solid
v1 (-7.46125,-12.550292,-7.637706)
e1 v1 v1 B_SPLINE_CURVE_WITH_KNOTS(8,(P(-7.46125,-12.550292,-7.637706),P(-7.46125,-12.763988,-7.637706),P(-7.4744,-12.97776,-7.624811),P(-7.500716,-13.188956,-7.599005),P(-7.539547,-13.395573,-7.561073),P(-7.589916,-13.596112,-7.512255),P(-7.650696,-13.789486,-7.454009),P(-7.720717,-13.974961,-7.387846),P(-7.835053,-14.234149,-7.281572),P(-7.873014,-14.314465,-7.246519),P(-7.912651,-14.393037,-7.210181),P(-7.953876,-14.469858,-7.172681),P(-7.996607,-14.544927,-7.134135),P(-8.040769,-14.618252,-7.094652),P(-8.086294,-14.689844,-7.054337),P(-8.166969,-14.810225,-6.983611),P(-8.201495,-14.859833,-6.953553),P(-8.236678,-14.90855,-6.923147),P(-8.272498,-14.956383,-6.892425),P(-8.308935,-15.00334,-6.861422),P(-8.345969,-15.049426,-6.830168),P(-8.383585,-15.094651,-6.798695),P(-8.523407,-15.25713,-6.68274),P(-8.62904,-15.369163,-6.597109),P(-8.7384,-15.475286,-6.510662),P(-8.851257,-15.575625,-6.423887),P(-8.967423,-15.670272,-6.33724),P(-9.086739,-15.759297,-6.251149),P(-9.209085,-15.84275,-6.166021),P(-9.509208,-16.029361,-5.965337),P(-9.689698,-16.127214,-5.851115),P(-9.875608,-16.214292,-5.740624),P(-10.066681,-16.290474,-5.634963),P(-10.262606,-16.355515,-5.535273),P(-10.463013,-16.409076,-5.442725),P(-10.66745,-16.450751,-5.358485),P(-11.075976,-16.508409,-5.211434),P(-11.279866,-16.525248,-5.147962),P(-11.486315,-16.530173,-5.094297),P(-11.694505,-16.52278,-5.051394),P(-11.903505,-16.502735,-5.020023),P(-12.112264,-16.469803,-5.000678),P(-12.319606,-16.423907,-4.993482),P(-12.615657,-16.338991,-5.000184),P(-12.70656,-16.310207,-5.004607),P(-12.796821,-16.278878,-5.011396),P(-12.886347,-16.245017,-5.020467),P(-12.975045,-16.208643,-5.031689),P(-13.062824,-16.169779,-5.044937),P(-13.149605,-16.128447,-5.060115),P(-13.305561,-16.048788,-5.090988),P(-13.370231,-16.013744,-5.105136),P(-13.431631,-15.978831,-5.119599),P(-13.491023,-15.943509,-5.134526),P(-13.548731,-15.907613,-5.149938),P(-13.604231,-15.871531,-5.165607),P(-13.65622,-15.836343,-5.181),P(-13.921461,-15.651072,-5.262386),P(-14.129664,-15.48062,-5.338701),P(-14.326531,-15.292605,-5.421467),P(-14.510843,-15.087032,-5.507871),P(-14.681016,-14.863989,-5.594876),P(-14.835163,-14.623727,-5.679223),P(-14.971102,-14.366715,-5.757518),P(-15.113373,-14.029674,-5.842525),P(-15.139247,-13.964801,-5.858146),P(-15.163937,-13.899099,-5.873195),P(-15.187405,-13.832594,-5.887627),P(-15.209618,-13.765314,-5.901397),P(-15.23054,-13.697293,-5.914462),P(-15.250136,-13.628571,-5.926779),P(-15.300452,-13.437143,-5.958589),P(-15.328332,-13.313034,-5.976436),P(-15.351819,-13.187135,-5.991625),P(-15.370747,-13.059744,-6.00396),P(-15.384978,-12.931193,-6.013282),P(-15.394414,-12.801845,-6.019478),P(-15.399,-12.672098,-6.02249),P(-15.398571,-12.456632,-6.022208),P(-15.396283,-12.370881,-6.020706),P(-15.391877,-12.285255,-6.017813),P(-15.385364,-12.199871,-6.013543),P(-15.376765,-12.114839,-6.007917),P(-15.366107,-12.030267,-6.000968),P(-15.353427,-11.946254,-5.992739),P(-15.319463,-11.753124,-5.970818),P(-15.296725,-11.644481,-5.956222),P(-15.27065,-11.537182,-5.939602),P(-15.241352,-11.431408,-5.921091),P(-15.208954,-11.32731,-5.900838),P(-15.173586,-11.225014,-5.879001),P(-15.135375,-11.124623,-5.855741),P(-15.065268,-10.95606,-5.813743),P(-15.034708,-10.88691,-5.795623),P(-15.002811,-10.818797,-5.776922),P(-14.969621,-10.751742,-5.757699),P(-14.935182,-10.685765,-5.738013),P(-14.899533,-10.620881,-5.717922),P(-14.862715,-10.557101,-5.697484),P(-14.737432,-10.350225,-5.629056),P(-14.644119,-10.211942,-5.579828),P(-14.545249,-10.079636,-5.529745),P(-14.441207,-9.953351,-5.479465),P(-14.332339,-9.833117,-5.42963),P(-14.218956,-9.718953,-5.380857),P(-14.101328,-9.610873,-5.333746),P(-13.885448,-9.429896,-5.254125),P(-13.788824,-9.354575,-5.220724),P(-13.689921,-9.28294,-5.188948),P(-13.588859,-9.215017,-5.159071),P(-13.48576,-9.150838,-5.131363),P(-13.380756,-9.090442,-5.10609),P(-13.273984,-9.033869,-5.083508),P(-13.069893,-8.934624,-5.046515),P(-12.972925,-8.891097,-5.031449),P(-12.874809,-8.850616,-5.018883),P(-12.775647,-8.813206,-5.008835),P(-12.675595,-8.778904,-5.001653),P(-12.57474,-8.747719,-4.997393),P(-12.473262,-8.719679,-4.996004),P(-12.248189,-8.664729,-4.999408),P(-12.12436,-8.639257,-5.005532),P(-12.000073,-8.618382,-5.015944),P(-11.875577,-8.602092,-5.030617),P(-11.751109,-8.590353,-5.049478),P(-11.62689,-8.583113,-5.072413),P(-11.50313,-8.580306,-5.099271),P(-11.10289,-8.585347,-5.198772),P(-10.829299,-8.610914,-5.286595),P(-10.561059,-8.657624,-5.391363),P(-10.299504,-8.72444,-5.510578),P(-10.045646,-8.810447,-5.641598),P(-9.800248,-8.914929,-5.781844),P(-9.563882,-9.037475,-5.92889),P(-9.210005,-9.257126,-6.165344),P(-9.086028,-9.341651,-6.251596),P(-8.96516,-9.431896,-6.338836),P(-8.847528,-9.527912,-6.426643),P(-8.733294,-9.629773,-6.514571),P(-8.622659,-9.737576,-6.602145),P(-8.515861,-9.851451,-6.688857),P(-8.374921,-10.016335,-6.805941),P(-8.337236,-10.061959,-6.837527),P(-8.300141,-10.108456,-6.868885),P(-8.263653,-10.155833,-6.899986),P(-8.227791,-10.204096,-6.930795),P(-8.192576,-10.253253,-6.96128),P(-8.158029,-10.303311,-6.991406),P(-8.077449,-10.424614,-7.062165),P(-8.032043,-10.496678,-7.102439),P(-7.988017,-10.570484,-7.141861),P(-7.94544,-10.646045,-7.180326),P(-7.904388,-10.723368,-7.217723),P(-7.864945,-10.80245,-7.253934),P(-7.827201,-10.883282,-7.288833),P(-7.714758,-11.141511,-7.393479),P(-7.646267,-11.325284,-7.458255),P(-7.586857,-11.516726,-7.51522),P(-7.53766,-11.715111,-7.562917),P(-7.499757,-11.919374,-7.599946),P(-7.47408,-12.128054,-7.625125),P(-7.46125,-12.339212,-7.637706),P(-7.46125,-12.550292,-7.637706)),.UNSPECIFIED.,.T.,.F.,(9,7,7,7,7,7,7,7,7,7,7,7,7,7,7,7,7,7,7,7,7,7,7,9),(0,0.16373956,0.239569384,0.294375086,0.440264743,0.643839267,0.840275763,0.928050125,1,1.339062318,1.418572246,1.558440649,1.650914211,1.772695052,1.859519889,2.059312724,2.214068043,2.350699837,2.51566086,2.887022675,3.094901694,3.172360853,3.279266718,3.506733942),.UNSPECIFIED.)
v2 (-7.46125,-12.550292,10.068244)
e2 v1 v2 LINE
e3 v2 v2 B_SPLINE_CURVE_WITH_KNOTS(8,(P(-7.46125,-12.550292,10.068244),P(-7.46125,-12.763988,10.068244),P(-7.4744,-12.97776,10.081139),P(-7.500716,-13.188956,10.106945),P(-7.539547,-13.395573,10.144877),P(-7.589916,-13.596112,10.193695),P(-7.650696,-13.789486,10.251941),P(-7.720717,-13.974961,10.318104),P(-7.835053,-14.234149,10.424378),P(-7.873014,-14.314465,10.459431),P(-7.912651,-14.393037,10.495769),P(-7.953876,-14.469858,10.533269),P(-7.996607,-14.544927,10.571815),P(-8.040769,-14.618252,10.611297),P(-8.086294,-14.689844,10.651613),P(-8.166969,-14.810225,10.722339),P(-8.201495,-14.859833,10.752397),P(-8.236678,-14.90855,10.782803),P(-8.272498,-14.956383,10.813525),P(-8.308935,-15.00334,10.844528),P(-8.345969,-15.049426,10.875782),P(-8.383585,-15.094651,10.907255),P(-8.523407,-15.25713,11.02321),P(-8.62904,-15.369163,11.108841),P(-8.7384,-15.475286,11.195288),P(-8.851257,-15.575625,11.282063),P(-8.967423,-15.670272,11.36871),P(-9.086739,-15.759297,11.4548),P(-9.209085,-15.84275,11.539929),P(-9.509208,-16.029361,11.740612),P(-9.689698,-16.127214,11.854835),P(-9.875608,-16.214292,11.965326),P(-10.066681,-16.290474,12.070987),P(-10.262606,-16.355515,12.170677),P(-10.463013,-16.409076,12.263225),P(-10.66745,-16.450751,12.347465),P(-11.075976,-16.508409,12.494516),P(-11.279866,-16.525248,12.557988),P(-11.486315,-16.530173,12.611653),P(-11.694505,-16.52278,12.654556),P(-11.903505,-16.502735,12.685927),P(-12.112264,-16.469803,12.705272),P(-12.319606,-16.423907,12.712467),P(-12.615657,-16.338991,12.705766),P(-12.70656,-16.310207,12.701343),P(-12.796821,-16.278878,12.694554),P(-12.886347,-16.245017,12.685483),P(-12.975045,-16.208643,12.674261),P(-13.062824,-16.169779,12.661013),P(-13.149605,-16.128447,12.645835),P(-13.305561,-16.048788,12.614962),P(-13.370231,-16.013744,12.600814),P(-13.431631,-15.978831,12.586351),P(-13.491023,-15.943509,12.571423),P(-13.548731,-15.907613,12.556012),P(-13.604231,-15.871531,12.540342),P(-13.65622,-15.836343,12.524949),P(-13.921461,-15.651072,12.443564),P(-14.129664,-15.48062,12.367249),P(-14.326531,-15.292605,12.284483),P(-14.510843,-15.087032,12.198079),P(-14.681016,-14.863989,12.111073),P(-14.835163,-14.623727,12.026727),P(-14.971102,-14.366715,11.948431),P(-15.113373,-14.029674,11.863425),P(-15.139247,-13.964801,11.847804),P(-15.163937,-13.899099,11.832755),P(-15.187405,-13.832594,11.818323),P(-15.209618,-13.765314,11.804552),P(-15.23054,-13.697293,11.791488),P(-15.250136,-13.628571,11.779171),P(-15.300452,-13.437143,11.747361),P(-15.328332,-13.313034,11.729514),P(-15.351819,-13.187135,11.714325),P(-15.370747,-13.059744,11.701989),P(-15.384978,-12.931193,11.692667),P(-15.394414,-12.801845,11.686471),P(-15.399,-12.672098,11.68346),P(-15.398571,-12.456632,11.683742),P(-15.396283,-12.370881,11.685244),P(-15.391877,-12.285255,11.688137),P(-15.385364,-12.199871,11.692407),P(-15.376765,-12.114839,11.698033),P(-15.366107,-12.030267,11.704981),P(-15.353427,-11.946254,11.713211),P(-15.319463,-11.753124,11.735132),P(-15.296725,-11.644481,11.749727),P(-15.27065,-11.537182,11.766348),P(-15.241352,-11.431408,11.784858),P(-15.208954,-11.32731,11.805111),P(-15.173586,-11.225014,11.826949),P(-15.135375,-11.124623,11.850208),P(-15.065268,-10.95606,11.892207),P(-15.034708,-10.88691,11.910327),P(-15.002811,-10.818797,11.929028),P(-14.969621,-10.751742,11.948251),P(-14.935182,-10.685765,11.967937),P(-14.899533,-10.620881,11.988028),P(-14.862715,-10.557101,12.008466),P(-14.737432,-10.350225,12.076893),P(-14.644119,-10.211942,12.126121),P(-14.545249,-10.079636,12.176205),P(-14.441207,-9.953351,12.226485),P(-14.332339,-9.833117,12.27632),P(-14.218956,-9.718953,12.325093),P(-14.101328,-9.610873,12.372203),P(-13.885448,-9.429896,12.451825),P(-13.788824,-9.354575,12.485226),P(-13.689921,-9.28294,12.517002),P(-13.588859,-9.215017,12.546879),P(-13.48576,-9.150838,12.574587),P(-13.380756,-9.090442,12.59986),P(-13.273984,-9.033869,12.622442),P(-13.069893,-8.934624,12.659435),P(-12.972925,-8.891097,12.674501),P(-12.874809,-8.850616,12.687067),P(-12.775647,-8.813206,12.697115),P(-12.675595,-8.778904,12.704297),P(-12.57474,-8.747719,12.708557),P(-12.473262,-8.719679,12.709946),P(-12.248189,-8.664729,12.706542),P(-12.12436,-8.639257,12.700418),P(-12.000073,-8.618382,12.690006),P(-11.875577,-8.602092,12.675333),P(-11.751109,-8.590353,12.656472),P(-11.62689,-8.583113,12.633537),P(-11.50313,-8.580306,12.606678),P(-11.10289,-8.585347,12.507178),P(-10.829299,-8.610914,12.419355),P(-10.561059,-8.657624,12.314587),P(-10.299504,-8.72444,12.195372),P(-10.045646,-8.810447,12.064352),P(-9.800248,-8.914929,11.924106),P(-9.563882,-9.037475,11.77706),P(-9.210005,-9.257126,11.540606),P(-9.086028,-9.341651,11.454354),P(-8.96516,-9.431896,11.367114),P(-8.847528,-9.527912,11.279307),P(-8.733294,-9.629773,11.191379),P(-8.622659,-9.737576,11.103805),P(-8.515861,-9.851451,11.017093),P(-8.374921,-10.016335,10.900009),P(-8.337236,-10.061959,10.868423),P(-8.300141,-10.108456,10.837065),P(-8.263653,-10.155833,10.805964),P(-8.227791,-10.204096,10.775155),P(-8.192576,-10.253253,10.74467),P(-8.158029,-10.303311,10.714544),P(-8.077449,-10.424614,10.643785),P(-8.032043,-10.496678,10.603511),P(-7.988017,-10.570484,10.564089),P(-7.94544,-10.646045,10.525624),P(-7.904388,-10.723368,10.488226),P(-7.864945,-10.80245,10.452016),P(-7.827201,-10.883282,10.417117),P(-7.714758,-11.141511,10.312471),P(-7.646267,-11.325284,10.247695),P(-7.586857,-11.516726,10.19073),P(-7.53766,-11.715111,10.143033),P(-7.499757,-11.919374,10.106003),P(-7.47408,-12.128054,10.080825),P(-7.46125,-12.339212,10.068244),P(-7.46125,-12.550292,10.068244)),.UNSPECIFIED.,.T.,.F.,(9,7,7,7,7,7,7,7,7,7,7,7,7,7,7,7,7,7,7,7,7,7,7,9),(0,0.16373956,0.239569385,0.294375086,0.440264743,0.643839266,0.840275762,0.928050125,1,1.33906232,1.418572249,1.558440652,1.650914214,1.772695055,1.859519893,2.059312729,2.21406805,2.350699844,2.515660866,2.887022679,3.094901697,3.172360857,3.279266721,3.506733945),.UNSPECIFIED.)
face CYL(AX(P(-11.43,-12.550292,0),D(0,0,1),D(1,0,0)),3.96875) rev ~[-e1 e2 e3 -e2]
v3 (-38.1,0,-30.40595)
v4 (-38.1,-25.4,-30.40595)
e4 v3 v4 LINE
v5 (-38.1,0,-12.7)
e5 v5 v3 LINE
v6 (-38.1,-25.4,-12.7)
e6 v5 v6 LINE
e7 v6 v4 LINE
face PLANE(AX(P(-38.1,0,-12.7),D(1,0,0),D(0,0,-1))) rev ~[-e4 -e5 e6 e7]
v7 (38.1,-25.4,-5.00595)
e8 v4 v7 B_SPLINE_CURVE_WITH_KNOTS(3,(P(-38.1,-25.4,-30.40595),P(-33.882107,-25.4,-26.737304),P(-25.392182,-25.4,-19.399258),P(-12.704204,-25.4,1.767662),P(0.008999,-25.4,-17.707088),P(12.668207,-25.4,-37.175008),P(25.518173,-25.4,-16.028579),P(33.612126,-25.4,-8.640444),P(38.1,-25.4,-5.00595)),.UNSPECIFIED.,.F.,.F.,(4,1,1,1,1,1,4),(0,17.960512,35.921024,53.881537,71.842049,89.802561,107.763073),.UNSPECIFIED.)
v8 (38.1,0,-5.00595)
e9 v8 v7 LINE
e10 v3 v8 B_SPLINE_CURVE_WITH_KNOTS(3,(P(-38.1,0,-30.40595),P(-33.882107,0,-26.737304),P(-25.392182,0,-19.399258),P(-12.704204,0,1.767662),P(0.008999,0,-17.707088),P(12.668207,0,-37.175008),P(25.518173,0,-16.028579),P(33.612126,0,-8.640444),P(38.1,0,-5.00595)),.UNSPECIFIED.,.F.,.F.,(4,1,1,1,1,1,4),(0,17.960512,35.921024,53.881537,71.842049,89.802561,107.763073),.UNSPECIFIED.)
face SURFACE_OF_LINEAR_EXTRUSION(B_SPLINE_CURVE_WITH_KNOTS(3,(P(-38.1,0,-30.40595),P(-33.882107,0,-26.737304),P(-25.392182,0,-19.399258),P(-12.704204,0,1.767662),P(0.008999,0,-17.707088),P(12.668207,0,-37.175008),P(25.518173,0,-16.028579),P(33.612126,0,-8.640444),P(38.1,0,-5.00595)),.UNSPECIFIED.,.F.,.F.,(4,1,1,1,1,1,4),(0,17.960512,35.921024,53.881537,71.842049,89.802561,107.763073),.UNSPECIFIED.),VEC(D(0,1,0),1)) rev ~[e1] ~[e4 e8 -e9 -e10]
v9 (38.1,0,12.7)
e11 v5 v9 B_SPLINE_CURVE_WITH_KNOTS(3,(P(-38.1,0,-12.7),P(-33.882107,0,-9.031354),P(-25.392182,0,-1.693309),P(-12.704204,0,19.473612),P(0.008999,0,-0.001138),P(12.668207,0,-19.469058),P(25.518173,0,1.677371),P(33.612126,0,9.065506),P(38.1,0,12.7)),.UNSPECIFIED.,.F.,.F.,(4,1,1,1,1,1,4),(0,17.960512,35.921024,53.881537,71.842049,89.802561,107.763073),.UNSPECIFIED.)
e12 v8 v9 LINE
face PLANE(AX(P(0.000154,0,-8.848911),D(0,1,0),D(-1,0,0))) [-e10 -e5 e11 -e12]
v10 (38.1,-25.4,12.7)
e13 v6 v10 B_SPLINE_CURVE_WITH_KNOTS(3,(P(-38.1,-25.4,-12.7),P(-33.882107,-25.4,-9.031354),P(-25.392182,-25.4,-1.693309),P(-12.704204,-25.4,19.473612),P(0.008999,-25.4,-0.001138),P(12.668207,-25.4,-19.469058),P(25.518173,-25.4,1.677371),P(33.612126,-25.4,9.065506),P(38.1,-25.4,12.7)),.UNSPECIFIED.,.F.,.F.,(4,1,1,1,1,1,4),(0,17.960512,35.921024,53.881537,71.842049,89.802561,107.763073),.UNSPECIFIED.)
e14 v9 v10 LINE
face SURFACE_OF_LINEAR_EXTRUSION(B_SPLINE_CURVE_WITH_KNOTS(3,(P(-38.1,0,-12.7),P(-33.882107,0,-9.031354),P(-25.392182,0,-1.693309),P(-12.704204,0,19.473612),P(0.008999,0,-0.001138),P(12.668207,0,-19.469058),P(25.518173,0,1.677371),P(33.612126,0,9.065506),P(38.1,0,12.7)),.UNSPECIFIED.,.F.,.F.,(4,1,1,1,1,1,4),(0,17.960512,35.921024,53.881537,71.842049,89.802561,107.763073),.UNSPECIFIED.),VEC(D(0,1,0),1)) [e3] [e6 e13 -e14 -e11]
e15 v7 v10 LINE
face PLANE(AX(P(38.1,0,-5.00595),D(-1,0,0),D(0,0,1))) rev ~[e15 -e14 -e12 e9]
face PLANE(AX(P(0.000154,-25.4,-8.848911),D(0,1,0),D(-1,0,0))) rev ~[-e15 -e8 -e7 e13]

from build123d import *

# Parameters (mm, degrees)
F1_DEPTH = 25.4
F2_R     = 3.96875
F3_DEPTH = 25.908


with BuildPart() as f1:
    # F0 (on Front) → F1 (new body)
    with BuildSketch(Plane.XZ):
        with BuildLine():
            add(Edge.make_bspline(
                [(-38.1, -12.7), (-33.882107, -9.031354), (-25.392182, -1.693309), (-12.704204, 19.473612), (0.008999, -0.001138), (12.668207, -19.469058), (25.518173, 1.677371), (33.612126, 9.065506), (38.1, 12.7)],
                knots=[0, 0, 0, 0, 17.960512, 35.921024, 53.881537, 71.842049, 89.802561, 107.763073, 107.763073, 107.763073, 107.763073], degree=3))
            Line((-38.1, -12.7), (-38.1, -30.40595))
            add(Edge.make_bspline(
                [(-38.1, -30.40595), (-33.882107, -26.737304), (-25.392182, -19.399258), (-12.704204, 1.767662), (0.008999, -17.707088), (12.668207, -37.175008), (25.518173, -16.028579), (33.612126, -8.640444), (38.1, -5.00595)],
                knots=[0, 0, 0, 0, 17.960512, 35.921024, 53.881537, 71.842049, 89.802561, 107.763073, 107.763073, 107.763073, 107.763073], degree=3))
            Line((38.1, -5.00595), (38.1, 12.7))
        make_face()
    extrude(amount=F1_DEPTH)

    # F2 (on Top) → F3 (cut, symmetric)
    with BuildSketch(Plane.XY):
        with Locations((-11.43, -12.550292)):
            Circle(F2_R)
    extrude(amount=F3_DEPTH, both=True, mode=Mode.SUBTRACT)


solid = f1.part
